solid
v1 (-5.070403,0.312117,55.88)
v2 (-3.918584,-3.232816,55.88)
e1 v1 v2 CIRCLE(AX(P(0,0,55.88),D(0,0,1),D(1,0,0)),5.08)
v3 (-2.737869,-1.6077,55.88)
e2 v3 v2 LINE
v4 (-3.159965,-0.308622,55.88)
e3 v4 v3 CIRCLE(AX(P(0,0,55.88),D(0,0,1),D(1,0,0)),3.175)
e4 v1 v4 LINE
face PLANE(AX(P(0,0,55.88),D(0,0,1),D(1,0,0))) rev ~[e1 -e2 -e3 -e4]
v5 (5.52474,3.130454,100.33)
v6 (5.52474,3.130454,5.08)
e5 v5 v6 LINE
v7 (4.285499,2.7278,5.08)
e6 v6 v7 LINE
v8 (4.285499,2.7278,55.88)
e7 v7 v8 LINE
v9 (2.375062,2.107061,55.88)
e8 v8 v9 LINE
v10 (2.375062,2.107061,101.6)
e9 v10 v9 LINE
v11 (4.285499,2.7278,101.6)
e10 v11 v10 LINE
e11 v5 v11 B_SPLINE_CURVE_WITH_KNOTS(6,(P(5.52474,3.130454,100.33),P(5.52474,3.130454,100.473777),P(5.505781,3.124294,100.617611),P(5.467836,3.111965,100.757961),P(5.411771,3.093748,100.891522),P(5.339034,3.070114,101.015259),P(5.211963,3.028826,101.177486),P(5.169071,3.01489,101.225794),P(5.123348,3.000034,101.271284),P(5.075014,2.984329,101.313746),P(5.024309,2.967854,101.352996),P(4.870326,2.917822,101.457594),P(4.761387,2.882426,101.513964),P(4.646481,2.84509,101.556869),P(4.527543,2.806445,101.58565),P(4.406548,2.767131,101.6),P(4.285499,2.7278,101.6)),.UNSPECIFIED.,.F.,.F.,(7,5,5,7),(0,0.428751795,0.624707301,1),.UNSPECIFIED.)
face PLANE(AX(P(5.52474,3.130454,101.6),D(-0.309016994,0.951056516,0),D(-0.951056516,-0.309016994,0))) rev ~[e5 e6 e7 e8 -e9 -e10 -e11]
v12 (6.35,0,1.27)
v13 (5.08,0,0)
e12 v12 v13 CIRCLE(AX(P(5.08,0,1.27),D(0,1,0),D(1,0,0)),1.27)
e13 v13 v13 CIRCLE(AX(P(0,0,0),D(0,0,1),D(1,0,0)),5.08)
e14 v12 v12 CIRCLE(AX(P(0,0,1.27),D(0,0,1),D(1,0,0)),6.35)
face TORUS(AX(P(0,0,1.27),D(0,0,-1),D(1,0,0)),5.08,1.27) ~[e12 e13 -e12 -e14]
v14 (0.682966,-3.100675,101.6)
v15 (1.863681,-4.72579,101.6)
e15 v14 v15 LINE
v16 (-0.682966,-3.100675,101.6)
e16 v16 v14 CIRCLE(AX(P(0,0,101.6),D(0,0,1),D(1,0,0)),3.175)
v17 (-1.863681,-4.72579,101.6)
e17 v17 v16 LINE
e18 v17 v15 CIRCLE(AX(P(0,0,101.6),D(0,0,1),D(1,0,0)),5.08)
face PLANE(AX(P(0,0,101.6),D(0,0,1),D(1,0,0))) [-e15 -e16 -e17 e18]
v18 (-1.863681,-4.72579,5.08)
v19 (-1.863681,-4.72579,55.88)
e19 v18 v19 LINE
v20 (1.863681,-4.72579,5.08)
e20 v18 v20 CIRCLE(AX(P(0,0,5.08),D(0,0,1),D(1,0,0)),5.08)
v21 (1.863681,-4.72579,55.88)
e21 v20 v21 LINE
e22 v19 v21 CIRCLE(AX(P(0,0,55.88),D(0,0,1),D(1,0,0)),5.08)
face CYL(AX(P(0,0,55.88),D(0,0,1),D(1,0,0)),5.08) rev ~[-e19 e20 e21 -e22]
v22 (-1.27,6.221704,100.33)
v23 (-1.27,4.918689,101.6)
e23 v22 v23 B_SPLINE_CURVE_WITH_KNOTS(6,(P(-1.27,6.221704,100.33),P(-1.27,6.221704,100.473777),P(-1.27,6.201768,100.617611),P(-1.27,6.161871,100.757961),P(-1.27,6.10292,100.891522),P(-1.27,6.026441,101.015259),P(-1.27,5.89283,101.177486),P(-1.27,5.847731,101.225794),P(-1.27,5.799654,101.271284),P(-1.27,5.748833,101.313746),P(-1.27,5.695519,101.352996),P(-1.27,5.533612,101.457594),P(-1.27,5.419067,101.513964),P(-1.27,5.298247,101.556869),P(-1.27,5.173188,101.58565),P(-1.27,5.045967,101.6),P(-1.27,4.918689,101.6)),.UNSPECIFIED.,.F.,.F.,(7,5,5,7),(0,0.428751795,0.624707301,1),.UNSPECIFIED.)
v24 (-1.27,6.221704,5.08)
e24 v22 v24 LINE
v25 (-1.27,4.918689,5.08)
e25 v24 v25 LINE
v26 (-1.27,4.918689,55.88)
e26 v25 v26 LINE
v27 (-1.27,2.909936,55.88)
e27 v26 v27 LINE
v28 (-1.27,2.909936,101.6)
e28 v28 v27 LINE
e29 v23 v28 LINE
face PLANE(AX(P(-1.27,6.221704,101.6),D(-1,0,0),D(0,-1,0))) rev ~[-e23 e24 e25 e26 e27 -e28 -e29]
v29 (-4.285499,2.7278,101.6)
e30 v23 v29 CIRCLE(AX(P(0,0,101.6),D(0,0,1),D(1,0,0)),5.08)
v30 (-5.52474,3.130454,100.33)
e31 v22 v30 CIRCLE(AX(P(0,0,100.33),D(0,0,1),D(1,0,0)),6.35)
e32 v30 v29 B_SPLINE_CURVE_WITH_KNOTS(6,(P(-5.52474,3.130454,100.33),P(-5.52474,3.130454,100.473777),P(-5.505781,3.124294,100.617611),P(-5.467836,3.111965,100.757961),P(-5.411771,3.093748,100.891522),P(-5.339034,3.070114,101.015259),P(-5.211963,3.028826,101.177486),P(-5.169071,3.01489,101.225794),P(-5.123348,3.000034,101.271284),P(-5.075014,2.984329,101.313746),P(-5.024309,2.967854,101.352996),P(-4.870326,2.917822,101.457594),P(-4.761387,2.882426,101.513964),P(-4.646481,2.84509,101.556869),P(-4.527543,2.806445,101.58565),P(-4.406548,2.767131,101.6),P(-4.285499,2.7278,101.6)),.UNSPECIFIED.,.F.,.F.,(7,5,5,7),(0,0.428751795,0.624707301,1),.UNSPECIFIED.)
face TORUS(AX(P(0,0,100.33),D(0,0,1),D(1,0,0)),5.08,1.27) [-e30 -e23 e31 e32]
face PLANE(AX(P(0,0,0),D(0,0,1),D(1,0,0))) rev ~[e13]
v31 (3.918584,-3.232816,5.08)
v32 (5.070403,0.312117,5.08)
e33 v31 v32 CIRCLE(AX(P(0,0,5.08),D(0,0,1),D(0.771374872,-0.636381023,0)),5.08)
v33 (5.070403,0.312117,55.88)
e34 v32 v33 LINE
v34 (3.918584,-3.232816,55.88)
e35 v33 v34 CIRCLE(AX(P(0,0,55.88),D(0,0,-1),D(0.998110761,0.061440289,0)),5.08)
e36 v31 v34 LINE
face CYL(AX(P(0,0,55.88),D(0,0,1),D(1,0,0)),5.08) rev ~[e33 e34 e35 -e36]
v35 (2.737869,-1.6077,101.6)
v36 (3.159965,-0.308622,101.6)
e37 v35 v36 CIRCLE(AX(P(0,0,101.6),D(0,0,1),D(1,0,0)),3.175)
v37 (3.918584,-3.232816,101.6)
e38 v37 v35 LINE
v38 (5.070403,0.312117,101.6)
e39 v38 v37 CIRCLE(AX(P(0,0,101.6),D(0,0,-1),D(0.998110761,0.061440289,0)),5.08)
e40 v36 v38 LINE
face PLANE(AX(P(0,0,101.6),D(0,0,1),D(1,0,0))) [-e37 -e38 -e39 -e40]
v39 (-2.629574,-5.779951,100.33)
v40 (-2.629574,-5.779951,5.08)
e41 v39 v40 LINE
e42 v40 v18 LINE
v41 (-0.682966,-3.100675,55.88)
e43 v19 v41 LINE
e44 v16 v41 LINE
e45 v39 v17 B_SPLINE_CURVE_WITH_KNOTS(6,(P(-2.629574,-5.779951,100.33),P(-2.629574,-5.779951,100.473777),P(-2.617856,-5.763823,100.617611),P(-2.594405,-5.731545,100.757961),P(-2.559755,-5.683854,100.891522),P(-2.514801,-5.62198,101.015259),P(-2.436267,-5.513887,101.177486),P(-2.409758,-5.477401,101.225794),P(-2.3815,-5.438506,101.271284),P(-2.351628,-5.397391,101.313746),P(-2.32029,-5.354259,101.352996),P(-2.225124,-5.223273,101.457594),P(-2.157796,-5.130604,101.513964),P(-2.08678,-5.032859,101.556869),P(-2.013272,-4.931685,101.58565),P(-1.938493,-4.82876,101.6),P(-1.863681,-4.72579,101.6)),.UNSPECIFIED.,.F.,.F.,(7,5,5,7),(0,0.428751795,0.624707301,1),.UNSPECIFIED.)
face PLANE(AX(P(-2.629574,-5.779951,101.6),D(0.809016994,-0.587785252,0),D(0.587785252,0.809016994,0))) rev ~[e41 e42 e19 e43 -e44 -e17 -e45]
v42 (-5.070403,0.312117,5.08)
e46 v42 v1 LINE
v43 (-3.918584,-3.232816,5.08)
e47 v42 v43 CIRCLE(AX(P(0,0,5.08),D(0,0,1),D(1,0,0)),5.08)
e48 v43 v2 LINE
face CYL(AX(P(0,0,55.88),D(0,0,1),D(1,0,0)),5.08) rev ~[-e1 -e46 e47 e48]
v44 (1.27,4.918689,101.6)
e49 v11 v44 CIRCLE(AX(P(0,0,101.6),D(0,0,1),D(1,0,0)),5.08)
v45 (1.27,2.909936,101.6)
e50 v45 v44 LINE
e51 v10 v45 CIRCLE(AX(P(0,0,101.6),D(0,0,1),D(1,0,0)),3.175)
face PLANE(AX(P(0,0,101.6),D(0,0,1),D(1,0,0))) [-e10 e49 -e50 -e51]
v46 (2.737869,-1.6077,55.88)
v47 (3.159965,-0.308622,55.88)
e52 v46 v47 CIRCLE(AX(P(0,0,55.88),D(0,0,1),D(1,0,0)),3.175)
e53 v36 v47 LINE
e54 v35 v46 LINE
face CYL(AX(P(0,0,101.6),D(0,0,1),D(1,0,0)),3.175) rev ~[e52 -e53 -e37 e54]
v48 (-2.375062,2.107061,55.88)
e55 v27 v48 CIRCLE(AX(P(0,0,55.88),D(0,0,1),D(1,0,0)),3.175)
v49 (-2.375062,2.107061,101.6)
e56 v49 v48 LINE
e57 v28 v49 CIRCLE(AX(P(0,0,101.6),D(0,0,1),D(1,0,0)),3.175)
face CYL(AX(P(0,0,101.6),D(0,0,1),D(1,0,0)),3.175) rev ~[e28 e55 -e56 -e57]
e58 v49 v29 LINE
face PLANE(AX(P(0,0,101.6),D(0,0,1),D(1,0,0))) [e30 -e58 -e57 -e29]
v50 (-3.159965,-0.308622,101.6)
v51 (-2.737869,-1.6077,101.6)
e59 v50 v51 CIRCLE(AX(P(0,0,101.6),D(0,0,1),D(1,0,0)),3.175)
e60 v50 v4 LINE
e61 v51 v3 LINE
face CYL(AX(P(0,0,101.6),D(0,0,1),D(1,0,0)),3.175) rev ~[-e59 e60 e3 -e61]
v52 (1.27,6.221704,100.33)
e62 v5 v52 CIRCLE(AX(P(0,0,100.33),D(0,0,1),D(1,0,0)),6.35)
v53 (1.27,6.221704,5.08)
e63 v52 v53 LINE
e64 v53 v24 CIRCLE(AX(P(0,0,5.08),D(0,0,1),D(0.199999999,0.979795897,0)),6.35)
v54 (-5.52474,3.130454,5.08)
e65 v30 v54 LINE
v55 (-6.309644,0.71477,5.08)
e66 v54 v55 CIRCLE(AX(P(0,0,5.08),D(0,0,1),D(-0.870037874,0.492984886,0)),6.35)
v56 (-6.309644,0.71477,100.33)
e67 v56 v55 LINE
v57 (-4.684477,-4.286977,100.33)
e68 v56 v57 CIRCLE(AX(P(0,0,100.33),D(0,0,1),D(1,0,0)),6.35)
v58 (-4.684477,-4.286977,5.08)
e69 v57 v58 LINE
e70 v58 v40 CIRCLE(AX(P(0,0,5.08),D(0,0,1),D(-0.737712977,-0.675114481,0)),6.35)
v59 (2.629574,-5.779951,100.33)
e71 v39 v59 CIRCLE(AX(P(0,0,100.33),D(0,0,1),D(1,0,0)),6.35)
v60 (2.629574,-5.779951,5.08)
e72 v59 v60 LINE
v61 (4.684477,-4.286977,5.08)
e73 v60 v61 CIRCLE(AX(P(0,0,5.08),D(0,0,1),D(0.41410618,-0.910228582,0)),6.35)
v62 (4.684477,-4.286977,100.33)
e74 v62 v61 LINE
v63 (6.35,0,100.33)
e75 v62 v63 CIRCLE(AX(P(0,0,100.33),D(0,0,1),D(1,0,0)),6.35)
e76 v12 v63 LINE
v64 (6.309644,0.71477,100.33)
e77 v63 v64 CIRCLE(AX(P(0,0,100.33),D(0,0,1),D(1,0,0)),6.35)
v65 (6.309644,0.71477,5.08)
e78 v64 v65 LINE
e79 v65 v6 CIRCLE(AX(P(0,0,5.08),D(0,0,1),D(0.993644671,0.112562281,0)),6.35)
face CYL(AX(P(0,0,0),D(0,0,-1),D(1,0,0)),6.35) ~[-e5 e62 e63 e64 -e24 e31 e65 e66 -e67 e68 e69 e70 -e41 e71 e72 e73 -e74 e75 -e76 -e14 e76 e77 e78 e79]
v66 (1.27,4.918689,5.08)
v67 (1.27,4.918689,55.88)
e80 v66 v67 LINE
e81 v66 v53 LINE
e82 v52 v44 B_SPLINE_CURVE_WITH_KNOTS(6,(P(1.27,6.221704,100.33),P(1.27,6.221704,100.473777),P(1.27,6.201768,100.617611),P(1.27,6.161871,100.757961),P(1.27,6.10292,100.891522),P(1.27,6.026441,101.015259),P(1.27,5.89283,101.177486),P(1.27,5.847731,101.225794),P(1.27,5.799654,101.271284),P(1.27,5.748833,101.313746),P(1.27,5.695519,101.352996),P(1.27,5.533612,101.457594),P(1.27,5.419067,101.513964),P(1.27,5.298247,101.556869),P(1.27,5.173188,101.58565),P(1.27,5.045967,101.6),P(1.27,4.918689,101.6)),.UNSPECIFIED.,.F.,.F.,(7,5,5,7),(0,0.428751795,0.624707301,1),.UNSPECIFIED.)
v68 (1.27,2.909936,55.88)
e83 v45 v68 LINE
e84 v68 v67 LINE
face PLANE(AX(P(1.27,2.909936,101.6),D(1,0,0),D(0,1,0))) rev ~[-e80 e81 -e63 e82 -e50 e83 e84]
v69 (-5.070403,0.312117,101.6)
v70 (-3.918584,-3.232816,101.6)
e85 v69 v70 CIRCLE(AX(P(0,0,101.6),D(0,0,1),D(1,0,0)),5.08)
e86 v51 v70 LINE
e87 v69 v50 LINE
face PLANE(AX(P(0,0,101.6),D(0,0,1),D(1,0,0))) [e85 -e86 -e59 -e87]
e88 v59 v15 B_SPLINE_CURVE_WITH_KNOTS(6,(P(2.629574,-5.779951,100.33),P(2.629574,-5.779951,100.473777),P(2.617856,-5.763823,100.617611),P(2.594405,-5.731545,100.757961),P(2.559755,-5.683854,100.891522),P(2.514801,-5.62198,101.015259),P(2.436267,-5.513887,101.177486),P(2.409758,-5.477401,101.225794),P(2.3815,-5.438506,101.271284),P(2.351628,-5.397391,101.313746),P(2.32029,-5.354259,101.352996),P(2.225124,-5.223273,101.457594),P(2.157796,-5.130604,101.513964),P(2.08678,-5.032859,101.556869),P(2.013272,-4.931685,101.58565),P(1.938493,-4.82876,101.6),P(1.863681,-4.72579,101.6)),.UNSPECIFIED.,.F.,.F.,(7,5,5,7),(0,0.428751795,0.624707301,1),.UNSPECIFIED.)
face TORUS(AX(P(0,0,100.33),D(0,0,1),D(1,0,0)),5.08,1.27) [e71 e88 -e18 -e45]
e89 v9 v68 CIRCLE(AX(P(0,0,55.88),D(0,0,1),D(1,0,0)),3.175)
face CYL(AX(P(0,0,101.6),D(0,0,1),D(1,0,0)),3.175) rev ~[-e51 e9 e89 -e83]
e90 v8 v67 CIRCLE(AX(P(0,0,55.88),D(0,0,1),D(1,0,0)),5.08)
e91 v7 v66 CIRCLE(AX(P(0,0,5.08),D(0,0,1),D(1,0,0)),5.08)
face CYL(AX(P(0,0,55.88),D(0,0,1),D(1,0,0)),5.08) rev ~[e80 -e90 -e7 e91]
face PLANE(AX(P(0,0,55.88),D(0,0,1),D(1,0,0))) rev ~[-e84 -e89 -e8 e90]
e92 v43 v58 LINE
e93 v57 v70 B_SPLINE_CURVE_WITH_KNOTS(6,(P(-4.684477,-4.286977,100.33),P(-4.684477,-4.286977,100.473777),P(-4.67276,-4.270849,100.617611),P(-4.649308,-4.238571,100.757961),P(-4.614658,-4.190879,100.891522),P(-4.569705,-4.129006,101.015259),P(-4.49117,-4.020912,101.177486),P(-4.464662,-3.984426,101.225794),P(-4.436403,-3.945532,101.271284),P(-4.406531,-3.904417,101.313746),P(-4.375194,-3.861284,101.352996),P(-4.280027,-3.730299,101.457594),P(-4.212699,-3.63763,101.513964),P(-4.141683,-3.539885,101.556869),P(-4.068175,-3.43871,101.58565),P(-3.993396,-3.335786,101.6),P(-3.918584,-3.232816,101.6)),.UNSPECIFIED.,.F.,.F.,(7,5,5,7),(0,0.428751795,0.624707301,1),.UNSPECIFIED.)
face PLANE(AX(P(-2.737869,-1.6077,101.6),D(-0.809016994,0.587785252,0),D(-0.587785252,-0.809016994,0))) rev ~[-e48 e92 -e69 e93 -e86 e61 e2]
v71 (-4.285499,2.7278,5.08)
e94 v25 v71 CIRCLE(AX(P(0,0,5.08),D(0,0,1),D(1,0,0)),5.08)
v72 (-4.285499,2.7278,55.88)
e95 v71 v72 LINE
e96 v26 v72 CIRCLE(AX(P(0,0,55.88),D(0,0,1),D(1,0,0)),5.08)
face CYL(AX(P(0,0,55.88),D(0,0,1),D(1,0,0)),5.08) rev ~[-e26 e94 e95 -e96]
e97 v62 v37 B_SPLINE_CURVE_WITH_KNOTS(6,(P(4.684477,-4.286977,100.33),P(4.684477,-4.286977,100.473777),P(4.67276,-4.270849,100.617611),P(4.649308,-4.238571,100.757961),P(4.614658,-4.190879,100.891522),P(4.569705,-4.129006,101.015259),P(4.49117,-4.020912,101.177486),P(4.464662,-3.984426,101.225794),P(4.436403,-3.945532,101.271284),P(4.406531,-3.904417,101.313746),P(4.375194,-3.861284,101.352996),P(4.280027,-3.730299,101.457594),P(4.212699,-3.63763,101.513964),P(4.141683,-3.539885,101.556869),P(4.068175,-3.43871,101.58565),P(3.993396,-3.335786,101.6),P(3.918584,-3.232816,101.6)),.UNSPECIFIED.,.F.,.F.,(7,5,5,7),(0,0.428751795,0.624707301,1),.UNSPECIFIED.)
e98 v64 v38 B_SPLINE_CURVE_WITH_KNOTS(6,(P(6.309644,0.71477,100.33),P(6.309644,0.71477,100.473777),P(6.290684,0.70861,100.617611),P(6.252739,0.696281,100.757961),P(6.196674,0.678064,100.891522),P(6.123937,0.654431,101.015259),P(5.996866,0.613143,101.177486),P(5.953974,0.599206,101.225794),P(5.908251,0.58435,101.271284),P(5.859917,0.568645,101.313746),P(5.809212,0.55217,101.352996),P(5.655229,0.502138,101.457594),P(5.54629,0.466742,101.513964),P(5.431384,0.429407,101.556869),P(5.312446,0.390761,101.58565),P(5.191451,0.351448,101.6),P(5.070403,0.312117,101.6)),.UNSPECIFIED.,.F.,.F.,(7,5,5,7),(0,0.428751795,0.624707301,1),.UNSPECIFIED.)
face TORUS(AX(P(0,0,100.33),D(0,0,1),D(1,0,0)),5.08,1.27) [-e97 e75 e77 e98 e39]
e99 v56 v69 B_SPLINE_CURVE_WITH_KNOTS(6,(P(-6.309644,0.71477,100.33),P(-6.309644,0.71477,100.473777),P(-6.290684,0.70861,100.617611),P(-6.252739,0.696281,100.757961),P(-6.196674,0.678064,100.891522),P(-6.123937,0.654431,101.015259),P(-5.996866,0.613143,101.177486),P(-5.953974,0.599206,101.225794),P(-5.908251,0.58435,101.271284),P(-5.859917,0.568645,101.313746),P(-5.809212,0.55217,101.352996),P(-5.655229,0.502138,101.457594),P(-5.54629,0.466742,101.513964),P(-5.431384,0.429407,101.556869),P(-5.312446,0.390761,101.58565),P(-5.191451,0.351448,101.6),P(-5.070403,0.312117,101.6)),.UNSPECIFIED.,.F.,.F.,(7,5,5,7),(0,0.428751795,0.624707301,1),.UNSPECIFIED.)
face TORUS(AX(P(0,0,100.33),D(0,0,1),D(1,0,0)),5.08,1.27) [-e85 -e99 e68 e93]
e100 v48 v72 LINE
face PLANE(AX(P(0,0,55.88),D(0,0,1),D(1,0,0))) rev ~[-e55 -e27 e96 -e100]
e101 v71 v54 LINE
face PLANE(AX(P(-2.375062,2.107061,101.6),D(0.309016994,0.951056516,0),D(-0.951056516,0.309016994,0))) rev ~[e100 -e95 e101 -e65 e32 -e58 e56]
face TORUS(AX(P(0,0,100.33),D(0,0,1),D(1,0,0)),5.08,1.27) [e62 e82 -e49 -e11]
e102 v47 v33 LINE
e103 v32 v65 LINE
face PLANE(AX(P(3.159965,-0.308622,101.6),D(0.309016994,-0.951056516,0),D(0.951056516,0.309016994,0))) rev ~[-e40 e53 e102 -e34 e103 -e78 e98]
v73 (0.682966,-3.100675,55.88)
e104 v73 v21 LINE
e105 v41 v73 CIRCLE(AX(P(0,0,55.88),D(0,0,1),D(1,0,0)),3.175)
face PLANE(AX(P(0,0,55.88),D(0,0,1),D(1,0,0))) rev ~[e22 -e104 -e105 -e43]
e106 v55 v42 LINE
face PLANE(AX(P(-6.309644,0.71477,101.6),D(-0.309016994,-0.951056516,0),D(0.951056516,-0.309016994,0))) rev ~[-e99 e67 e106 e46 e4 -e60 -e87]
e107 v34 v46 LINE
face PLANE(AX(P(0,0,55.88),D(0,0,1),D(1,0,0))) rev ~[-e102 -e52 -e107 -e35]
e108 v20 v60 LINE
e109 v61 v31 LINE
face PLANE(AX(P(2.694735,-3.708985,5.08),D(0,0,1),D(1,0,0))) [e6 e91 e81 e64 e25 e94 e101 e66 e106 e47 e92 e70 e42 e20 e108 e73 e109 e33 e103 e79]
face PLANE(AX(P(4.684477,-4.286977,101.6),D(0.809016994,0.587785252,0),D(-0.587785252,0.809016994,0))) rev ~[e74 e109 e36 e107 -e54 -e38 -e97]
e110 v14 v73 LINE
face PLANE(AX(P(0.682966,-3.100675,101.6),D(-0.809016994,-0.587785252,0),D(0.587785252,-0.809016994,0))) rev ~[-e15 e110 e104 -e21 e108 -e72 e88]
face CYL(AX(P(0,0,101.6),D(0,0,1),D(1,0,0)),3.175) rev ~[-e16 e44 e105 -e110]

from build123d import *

# Parameters (mm, degrees)
SKETCH1_R           = 6.35
BOSS_EXTRUDE1_DEPTH = 101.6
FILLET1_R           = 1.27
SKETCH2_R           = 3.175
CUT_EXTRUDE1_DEPTH  = 45.72
SKETCH3_R           = 5.08
CUT_EXTRUDE2_DEPTH  = 50.8
FILLET2_R           = 1.27
CUT_EXTRUDE3_DEPTH  = 96.52


with BuildPart() as part:
    # Sketch1 → Boss-Extrude1 (new body)
    with BuildSketch(Plane.XY):
        Circle(SKETCH1_R)
    extrude(amount=BOSS_EXTRUDE1_DEPTH)

    # Fillet1
    fillet1_edges = [part.edges().sort_by_distance(p)[0] for p in [
        (-6.35, 0, 0),
    ]]
    fillet(fillet1_edges, radius=FILLET1_R)

    # Sketch2 → Cut-Extrude1 (cut)
    with BuildSketch(Plane.XY.offset(101.6)):
        Circle(SKETCH2_R)
    extrude(amount=-CUT_EXTRUDE1_DEPTH, mode=Mode.SUBTRACT)

    # Sketch3 → Cut-Extrude2 (cut)
    with BuildSketch(Plane.XY.offset(55.88)):
        Circle(SKETCH3_R)
    extrude(amount=-CUT_EXTRUDE2_DEPTH, mode=Mode.SUBTRACT)

    # Fillet2
    fillet2_edges = [part.edges().sort_by_distance(p)[0] for p in [
        (-6.35, 0, 101.6),
    ]]
    fillet(fillet2_edges, radius=FILLET2_R)

    # Sketch4 → Cut-Extrude3 (cut)
    with BuildSketch(Plane.XY.offset(101.6)):
        with BuildLine():
            Line((-1.27, 6.221703947), (-1.27, 2.909935566))
            Line((-1.27, 2.909935566), (1.27, 2.909935566))
            Line((1.27, 2.909935566), (1.27, 6.221703947))
            ThreePointArc((1.27, 6.221703947), (0, 6.35), (-1.27, 6.221703947))
        make_face()
        with BuildLine():
            Line((2.375061599, 2.107061318), (3.159964765, -0.308622233))
            Line((3.159964765, -0.308622233), (6.309643664, 0.714770478))
            ThreePointArc((6.309643664, 0.714770478), (6.039208878, 1.962257914), (5.524740498, 3.130454029))
            Line((5.524740498, 3.130454029), (2.375061599, 2.107061318))
        make_face()
        with BuildLine():
            Line((2.737868794, -1.607700055), (0.682965628, -3.100674596))
            Line((0.682965628, -3.100674596), (2.629574241, -5.779951497))
            ThreePointArc((2.629574241, -5.779951497), (3.732436352, -5.137257914), (4.684477407, -4.286976956))
            Line((4.684477407, -4.286976956), (2.737868794, -1.607700055))
        make_face()
        with BuildLine():
            Line((-0.682965628, -3.100674596), (-2.737868794, -1.607700055))
            Line((-2.737868794, -1.607700055), (-4.684477407, -4.286976956))
            ThreePointArc((-4.684477407, -4.286976956), (-3.732436352, -5.137257914), (-2.629574241, -5.779951497))
            Line((-2.629574241, -5.779951497), (-0.682965628, -3.100674596))
        make_face()
        with BuildLine():
            Line((-3.159964765, -0.308622233), (-2.375061599, 2.107061318))
            Line((-2.375061599, 2.107061318), (-5.524740498, 3.130454029))
            ThreePointArc((-5.524740498, 3.130454029), (-6.039208878, 1.962257914), (-6.309643664, 0.714770478))
            Line((-6.309643664, 0.714770478), (-3.159964765, -0.308622233))
        make_face()
    extrude(amount=-CUT_EXTRUDE3_DEPTH, mode=Mode.SUBTRACT)


solid = part.part
